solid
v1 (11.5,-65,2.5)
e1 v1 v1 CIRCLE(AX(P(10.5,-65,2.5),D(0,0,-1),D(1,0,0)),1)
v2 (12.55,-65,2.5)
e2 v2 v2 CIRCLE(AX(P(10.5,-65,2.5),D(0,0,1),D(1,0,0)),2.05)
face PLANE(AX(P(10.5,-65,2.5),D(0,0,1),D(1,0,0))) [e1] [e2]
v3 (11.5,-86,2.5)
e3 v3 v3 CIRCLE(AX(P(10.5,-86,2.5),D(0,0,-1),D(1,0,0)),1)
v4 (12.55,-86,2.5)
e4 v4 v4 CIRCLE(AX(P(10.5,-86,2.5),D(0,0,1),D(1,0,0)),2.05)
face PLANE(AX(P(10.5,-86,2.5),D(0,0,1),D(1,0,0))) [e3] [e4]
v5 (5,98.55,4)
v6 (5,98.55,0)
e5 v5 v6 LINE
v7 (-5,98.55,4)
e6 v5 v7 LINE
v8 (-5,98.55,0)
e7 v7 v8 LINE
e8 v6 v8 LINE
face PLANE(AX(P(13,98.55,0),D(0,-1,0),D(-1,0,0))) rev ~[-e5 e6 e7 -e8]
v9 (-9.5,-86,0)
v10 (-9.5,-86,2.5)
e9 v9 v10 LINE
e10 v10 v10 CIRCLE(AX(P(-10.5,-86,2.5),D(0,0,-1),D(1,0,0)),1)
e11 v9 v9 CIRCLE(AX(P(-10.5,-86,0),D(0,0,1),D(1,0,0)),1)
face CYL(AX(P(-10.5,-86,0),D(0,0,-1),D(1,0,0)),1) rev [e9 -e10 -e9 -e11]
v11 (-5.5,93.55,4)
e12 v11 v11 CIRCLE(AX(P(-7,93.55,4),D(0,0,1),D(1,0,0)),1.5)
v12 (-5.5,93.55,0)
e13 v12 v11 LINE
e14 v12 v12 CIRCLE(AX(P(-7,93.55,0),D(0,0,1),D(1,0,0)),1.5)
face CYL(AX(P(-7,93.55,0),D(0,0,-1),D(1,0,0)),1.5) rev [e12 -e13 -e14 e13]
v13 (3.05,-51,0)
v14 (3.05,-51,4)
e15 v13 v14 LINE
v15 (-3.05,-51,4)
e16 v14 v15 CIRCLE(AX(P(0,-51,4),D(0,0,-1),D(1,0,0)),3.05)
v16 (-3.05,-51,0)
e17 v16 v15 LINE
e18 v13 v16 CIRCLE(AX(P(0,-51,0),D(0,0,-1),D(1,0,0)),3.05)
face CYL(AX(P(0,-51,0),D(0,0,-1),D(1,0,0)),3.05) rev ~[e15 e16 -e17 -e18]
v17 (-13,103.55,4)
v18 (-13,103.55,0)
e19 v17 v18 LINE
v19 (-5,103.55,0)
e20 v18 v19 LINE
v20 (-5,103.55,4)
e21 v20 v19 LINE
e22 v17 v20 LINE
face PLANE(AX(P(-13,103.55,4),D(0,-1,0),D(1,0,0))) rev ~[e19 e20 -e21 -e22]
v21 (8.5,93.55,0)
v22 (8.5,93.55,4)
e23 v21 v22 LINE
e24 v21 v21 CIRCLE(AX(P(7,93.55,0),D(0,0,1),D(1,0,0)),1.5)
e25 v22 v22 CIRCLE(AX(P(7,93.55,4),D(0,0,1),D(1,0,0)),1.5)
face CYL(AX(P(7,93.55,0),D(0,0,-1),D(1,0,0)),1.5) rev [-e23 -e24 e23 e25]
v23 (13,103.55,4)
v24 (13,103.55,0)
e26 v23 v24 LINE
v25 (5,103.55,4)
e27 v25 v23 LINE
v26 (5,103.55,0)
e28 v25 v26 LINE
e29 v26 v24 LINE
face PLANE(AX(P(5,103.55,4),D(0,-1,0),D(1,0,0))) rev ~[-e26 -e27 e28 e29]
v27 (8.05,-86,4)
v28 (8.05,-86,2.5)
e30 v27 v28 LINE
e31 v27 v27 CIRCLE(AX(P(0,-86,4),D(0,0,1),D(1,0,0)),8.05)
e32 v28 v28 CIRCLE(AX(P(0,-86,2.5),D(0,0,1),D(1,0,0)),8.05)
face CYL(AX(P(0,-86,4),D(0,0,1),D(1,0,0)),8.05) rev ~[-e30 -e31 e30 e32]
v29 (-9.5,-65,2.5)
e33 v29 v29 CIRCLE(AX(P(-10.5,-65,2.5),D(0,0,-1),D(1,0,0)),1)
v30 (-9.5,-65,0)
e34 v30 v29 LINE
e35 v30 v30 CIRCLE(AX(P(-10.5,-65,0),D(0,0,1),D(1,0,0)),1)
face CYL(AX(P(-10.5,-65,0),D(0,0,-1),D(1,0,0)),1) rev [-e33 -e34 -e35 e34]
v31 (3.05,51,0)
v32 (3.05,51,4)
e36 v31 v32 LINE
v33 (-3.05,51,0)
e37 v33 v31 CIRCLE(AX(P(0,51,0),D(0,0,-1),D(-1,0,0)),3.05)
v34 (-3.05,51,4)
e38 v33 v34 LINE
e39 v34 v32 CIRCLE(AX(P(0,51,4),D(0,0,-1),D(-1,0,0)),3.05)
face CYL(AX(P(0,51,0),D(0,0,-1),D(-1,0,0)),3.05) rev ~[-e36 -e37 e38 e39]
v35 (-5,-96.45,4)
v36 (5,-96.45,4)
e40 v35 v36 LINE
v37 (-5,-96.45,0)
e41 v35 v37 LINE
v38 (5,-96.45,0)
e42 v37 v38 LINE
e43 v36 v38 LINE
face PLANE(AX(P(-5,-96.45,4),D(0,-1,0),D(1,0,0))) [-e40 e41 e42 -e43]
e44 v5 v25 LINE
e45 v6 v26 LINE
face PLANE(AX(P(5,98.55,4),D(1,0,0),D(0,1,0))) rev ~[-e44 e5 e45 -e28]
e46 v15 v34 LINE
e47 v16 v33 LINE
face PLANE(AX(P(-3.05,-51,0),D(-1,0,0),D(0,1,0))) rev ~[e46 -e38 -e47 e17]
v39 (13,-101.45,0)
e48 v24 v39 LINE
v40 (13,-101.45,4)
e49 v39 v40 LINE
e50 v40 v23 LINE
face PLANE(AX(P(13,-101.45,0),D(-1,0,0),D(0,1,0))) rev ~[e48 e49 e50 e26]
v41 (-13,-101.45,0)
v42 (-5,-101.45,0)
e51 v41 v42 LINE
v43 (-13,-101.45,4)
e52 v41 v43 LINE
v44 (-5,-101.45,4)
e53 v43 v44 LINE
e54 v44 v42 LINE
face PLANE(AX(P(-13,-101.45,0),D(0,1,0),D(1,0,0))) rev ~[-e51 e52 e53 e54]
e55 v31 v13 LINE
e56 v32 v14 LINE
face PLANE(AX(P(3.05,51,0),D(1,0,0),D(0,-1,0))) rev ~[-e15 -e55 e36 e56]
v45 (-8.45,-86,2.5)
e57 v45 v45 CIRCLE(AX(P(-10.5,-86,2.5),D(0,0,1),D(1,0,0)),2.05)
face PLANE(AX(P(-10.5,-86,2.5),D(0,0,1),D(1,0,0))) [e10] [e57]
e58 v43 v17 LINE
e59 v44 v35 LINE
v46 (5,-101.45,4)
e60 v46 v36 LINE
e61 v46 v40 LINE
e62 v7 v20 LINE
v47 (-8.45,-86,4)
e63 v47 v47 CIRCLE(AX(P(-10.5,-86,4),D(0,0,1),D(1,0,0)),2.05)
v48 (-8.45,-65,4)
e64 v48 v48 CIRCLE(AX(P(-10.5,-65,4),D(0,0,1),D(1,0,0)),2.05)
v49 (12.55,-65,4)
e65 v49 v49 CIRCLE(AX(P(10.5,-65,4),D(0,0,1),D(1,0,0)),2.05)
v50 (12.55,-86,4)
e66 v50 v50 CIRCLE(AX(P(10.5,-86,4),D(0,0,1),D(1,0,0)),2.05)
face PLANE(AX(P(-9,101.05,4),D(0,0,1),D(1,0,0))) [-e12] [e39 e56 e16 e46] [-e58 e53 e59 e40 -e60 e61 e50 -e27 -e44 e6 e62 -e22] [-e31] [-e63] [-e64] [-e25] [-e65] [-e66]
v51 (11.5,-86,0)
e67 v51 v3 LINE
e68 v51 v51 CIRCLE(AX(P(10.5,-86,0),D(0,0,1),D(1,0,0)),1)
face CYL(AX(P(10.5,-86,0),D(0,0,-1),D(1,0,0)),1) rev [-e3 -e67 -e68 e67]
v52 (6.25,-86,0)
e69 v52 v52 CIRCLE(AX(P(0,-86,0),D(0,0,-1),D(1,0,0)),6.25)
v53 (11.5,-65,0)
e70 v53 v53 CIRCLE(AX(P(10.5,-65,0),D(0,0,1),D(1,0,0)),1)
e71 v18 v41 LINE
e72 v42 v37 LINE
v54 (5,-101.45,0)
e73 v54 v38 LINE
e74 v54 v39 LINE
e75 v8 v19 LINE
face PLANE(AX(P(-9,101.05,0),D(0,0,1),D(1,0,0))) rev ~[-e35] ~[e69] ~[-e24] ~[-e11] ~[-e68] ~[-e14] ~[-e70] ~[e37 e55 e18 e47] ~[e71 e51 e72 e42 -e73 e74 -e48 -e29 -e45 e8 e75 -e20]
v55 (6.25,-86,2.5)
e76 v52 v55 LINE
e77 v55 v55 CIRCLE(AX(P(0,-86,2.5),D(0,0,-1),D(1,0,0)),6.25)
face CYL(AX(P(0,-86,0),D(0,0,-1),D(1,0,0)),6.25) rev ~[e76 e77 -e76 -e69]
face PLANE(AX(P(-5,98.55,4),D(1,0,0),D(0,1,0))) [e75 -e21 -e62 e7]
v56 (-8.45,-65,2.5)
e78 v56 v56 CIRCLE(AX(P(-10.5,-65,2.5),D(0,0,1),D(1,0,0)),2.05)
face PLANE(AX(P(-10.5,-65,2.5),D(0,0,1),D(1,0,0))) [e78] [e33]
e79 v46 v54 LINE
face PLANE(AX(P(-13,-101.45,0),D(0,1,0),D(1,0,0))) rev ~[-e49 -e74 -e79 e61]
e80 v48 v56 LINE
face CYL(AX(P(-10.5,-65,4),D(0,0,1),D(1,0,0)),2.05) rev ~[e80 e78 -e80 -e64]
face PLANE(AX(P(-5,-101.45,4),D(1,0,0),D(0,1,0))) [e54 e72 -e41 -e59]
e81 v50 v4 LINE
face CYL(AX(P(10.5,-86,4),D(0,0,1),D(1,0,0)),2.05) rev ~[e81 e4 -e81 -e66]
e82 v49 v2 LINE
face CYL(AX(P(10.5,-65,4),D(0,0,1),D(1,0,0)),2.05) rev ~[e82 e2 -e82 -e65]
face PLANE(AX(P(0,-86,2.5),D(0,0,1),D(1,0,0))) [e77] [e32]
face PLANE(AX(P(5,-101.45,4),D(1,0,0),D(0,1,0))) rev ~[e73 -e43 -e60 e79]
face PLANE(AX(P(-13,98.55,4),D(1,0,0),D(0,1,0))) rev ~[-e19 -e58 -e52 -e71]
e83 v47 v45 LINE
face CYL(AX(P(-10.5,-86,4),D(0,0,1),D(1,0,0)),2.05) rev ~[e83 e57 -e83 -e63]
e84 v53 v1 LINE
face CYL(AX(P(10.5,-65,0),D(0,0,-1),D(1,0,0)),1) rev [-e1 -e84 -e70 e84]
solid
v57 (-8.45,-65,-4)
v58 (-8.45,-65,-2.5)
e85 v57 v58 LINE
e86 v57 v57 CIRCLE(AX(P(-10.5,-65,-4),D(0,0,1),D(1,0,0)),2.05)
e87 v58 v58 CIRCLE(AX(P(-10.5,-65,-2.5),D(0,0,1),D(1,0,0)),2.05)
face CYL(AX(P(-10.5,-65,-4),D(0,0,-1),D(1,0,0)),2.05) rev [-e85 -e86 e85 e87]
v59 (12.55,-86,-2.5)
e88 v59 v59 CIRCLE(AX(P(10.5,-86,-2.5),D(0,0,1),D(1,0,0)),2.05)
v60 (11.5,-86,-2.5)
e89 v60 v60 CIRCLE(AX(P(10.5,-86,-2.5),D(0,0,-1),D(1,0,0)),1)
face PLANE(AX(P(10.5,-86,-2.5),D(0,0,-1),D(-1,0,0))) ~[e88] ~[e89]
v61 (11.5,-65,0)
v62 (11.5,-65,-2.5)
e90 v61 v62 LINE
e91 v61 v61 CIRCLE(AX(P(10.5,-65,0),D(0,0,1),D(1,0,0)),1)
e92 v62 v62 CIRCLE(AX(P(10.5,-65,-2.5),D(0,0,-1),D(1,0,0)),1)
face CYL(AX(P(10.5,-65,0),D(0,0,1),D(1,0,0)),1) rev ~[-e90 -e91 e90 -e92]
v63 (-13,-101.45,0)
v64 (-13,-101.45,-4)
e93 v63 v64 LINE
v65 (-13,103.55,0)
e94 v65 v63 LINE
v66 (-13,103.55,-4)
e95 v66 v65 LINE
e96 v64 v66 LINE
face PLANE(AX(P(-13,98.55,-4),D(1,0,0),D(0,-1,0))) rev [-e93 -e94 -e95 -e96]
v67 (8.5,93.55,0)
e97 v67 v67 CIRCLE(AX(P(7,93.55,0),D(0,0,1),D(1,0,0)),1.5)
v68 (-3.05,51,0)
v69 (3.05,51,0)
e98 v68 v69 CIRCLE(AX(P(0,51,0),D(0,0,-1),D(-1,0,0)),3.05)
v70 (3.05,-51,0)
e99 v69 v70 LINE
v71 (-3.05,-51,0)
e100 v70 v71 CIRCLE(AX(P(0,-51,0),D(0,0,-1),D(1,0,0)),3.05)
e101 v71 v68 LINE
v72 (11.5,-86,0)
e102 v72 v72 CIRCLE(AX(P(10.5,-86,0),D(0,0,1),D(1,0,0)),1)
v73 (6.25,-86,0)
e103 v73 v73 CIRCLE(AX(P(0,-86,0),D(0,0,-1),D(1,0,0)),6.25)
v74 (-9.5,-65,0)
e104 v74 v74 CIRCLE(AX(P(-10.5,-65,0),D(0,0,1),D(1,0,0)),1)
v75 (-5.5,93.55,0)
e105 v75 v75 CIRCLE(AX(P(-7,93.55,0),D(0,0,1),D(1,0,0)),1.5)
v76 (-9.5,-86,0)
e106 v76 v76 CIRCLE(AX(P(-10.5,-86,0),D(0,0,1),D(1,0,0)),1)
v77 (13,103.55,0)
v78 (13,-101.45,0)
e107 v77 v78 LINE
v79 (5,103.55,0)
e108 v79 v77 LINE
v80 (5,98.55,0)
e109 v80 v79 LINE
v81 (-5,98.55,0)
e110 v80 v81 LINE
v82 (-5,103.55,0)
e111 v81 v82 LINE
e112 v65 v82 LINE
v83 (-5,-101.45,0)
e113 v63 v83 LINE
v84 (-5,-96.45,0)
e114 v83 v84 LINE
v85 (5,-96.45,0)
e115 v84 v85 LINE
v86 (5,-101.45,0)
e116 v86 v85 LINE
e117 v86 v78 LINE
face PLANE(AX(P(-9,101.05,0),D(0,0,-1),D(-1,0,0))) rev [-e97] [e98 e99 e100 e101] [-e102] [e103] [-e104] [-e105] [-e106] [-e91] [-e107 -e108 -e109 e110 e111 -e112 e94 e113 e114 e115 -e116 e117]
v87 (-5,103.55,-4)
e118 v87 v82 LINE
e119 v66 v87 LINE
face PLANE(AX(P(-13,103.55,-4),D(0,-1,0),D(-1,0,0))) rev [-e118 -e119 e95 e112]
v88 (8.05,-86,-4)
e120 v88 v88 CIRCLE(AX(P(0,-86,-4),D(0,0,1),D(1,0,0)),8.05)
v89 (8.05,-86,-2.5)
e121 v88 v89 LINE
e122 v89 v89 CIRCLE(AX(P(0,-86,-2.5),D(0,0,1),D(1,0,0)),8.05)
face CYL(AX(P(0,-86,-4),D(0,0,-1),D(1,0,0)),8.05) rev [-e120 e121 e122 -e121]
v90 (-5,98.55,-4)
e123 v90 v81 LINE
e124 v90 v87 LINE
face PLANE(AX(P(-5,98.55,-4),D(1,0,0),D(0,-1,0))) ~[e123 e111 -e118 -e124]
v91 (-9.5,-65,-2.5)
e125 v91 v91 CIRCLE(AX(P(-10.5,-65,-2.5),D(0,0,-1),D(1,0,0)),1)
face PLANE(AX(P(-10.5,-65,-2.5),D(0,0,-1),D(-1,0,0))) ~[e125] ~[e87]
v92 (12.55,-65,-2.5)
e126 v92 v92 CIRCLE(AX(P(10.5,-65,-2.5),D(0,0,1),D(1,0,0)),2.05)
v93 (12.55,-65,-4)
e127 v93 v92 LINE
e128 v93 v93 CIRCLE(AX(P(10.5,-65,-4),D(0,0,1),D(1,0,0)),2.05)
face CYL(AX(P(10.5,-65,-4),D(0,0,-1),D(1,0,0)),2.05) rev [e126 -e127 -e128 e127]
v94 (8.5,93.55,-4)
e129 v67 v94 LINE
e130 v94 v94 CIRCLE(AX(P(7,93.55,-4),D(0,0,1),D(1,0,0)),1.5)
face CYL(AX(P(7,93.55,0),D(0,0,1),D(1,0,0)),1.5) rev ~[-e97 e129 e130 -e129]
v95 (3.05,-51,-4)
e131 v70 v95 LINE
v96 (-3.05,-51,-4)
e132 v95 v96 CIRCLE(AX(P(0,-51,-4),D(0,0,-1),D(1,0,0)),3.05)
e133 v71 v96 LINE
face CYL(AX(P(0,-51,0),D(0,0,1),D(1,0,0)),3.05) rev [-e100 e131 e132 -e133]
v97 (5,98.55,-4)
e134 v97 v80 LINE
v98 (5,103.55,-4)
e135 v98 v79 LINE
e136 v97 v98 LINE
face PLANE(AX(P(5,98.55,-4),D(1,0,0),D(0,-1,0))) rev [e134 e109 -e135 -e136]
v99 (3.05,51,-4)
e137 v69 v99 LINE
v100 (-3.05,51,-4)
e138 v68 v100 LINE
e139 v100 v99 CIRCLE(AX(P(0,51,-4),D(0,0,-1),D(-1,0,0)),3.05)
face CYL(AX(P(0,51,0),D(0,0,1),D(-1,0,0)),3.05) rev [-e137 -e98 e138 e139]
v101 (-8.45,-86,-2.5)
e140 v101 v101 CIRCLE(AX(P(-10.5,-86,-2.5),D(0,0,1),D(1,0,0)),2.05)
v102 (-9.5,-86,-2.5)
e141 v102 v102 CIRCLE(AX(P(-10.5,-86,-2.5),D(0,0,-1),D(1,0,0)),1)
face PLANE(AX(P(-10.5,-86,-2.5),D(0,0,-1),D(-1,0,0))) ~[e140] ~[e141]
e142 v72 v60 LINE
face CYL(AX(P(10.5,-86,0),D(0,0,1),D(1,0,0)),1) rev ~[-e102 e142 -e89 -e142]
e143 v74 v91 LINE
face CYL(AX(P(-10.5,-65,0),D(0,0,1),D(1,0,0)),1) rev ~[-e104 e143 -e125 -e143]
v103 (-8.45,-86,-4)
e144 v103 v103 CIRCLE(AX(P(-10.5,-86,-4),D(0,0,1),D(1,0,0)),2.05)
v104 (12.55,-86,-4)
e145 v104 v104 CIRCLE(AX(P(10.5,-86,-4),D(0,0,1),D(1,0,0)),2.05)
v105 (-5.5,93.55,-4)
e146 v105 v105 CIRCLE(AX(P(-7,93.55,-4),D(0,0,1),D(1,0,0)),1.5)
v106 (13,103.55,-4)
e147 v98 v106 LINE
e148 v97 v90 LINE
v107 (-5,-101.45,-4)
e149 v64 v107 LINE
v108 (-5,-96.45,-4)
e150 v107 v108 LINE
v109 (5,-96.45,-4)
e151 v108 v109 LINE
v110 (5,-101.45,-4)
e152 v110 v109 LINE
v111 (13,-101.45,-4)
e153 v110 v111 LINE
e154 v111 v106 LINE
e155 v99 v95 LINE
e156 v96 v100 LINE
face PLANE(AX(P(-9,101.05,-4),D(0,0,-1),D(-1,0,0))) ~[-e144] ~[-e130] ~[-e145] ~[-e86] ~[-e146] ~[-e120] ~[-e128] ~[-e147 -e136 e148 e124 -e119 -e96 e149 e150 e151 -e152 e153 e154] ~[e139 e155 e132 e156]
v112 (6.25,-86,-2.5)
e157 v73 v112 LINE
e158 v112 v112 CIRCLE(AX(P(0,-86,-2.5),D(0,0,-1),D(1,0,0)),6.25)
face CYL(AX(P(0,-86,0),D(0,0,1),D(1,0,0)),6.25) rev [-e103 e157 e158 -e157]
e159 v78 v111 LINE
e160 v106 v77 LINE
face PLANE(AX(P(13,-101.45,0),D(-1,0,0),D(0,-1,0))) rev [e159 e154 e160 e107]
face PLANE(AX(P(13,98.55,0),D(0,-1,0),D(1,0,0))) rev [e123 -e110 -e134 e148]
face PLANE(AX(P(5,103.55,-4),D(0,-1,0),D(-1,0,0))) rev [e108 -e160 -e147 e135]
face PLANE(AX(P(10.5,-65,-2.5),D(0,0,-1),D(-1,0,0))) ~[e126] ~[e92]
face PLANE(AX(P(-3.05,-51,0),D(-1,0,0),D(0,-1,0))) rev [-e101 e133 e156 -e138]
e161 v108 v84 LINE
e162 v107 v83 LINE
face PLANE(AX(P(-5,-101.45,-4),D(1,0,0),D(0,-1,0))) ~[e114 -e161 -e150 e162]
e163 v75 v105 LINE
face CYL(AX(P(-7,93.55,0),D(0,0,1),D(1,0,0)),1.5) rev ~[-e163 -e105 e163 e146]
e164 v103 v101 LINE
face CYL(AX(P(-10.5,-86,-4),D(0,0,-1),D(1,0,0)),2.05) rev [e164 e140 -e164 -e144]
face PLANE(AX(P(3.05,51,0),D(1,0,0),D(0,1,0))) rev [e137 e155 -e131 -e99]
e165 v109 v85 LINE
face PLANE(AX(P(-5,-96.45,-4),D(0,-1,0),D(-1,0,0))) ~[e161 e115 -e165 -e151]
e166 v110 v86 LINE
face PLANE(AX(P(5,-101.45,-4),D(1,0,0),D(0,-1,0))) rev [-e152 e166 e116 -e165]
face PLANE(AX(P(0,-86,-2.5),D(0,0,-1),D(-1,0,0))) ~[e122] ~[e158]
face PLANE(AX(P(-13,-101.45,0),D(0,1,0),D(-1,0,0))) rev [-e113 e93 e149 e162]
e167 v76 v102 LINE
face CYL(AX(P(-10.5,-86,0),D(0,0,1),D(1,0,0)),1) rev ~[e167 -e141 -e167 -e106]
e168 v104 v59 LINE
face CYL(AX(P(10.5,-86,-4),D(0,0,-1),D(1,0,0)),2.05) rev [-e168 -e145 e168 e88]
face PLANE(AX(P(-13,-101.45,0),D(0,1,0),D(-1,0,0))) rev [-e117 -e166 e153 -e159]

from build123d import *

# Parameters (mm, degrees)
F0_R     = 1
F0_R_2   = 1.5
F1_DEPTH = 4
F2_R     = 8.05
F2_R_2   = 2.05
F3_DEPTH = 1.5
F4_W     = 10
F4_H     = 5
F5_DEPTH = 4.001
F6_W     = 8
F6_H     = 5
F7_DEPTH = 4


with BuildPart() as f1:
    # F0 (on Top) → F1 (new body)
    with BuildSketch(Plane.XY):
        with BuildLine():
            ThreePointArc((-6.25, -86), (0, -79.75), (6.25, -86))
            Line((6.25, -86), (6.25, -101.45))
            Line((6.25, -101.45), (13, -101.45))
            Line((13, -101.45), (13, 98.55))
            Line((13, 98.55), (0, 98.55))
            Line((0, 98.55), (-13, 98.55))
            Line((-13, 98.55), (-13, -101.45))
            Line((-13, -101.45), (-6.25, -101.45))
            Line((-6.25, -101.45), (-6.25, -86))
        make_face()
        with Locations((-10.5, -86)):
            Circle(F0_R, mode=Mode.SUBTRACT)
        with Locations((-10.5, -65)):
            Circle(F0_R, mode=Mode.SUBTRACT)
        with Locations((10.5, -86)):
            Circle(F0_R, mode=Mode.SUBTRACT)
        with Locations((10.5, -65)):
            Circle(F0_R, mode=Mode.SUBTRACT)
        with Locations((-7, 93.55)):
            Circle(F0_R_2, mode=Mode.SUBTRACT)
        with BuildLine():
            ThreePointArc((-3.05, 51), (0, 54.05), (3.05, 51))
            Line((3.05, 51), (3.05, -51))
            ThreePointArc((3.05, -51), (0, -54.05), (-3.05, -51))
            Line((-3.05, -51), (-3.05, 51))
        make_face(mode=Mode.SUBTRACT)
        with Locations((7, 93.55)):
            Circle(F0_R_2, mode=Mode.SUBTRACT)
        with BuildLine():
            Line((6.25, -101.45), (6.25, -86))
            ThreePointArc((6.25, -86), (0, -92.25), (-6.25, -86))
            Line((-6.25, -86), (-6.25, -101.45))
            Line((-6.25, -101.45), (6.25, -101.45))
        make_face()
    extrude(amount=F1_DEPTH)

    # F2 (on face) → F3 (cut)
    with BuildSketch(Plane.XY.offset(4)):
        with Locations((0, -86)):
            Circle(F2_R)
        with Locations((-10.5, -86)):
            Circle(F2_R_2)
        with Locations((-10.5, -65)):
            Circle(F2_R_2)
        with Locations((10.5, -65)):
            Circle(F2_R_2)
        with Locations((10.5, -86)):
            Circle(F2_R_2)
    extrude(amount=-F3_DEPTH, mode=Mode.SUBTRACT)

    # F4 (on face) → F5 (cut, through all)
    with BuildSketch(Plane.XY.offset(4)):
        with Locations((0, -98.95)):
            Rectangle(F4_W, F4_H)
    extrude(amount=-F5_DEPTH, mode=Mode.SUBTRACT)

    # F6 (on face) → F7 (join)
    with BuildSketch(Plane.XY.offset(4)):
        with Locations((-9, 101.05)):
            Rectangle(F6_W, F6_H)
        with Locations((9, 101.05)):
            Rectangle(F6_W, F6_H)
    extrude(amount=-F7_DEPTH)


with BuildPart() as f8_1:
    # F8: instance of F1
    add(f1.part.mirror(Plane.XY))


solid = Compound([f1.part, f8_1.part])
